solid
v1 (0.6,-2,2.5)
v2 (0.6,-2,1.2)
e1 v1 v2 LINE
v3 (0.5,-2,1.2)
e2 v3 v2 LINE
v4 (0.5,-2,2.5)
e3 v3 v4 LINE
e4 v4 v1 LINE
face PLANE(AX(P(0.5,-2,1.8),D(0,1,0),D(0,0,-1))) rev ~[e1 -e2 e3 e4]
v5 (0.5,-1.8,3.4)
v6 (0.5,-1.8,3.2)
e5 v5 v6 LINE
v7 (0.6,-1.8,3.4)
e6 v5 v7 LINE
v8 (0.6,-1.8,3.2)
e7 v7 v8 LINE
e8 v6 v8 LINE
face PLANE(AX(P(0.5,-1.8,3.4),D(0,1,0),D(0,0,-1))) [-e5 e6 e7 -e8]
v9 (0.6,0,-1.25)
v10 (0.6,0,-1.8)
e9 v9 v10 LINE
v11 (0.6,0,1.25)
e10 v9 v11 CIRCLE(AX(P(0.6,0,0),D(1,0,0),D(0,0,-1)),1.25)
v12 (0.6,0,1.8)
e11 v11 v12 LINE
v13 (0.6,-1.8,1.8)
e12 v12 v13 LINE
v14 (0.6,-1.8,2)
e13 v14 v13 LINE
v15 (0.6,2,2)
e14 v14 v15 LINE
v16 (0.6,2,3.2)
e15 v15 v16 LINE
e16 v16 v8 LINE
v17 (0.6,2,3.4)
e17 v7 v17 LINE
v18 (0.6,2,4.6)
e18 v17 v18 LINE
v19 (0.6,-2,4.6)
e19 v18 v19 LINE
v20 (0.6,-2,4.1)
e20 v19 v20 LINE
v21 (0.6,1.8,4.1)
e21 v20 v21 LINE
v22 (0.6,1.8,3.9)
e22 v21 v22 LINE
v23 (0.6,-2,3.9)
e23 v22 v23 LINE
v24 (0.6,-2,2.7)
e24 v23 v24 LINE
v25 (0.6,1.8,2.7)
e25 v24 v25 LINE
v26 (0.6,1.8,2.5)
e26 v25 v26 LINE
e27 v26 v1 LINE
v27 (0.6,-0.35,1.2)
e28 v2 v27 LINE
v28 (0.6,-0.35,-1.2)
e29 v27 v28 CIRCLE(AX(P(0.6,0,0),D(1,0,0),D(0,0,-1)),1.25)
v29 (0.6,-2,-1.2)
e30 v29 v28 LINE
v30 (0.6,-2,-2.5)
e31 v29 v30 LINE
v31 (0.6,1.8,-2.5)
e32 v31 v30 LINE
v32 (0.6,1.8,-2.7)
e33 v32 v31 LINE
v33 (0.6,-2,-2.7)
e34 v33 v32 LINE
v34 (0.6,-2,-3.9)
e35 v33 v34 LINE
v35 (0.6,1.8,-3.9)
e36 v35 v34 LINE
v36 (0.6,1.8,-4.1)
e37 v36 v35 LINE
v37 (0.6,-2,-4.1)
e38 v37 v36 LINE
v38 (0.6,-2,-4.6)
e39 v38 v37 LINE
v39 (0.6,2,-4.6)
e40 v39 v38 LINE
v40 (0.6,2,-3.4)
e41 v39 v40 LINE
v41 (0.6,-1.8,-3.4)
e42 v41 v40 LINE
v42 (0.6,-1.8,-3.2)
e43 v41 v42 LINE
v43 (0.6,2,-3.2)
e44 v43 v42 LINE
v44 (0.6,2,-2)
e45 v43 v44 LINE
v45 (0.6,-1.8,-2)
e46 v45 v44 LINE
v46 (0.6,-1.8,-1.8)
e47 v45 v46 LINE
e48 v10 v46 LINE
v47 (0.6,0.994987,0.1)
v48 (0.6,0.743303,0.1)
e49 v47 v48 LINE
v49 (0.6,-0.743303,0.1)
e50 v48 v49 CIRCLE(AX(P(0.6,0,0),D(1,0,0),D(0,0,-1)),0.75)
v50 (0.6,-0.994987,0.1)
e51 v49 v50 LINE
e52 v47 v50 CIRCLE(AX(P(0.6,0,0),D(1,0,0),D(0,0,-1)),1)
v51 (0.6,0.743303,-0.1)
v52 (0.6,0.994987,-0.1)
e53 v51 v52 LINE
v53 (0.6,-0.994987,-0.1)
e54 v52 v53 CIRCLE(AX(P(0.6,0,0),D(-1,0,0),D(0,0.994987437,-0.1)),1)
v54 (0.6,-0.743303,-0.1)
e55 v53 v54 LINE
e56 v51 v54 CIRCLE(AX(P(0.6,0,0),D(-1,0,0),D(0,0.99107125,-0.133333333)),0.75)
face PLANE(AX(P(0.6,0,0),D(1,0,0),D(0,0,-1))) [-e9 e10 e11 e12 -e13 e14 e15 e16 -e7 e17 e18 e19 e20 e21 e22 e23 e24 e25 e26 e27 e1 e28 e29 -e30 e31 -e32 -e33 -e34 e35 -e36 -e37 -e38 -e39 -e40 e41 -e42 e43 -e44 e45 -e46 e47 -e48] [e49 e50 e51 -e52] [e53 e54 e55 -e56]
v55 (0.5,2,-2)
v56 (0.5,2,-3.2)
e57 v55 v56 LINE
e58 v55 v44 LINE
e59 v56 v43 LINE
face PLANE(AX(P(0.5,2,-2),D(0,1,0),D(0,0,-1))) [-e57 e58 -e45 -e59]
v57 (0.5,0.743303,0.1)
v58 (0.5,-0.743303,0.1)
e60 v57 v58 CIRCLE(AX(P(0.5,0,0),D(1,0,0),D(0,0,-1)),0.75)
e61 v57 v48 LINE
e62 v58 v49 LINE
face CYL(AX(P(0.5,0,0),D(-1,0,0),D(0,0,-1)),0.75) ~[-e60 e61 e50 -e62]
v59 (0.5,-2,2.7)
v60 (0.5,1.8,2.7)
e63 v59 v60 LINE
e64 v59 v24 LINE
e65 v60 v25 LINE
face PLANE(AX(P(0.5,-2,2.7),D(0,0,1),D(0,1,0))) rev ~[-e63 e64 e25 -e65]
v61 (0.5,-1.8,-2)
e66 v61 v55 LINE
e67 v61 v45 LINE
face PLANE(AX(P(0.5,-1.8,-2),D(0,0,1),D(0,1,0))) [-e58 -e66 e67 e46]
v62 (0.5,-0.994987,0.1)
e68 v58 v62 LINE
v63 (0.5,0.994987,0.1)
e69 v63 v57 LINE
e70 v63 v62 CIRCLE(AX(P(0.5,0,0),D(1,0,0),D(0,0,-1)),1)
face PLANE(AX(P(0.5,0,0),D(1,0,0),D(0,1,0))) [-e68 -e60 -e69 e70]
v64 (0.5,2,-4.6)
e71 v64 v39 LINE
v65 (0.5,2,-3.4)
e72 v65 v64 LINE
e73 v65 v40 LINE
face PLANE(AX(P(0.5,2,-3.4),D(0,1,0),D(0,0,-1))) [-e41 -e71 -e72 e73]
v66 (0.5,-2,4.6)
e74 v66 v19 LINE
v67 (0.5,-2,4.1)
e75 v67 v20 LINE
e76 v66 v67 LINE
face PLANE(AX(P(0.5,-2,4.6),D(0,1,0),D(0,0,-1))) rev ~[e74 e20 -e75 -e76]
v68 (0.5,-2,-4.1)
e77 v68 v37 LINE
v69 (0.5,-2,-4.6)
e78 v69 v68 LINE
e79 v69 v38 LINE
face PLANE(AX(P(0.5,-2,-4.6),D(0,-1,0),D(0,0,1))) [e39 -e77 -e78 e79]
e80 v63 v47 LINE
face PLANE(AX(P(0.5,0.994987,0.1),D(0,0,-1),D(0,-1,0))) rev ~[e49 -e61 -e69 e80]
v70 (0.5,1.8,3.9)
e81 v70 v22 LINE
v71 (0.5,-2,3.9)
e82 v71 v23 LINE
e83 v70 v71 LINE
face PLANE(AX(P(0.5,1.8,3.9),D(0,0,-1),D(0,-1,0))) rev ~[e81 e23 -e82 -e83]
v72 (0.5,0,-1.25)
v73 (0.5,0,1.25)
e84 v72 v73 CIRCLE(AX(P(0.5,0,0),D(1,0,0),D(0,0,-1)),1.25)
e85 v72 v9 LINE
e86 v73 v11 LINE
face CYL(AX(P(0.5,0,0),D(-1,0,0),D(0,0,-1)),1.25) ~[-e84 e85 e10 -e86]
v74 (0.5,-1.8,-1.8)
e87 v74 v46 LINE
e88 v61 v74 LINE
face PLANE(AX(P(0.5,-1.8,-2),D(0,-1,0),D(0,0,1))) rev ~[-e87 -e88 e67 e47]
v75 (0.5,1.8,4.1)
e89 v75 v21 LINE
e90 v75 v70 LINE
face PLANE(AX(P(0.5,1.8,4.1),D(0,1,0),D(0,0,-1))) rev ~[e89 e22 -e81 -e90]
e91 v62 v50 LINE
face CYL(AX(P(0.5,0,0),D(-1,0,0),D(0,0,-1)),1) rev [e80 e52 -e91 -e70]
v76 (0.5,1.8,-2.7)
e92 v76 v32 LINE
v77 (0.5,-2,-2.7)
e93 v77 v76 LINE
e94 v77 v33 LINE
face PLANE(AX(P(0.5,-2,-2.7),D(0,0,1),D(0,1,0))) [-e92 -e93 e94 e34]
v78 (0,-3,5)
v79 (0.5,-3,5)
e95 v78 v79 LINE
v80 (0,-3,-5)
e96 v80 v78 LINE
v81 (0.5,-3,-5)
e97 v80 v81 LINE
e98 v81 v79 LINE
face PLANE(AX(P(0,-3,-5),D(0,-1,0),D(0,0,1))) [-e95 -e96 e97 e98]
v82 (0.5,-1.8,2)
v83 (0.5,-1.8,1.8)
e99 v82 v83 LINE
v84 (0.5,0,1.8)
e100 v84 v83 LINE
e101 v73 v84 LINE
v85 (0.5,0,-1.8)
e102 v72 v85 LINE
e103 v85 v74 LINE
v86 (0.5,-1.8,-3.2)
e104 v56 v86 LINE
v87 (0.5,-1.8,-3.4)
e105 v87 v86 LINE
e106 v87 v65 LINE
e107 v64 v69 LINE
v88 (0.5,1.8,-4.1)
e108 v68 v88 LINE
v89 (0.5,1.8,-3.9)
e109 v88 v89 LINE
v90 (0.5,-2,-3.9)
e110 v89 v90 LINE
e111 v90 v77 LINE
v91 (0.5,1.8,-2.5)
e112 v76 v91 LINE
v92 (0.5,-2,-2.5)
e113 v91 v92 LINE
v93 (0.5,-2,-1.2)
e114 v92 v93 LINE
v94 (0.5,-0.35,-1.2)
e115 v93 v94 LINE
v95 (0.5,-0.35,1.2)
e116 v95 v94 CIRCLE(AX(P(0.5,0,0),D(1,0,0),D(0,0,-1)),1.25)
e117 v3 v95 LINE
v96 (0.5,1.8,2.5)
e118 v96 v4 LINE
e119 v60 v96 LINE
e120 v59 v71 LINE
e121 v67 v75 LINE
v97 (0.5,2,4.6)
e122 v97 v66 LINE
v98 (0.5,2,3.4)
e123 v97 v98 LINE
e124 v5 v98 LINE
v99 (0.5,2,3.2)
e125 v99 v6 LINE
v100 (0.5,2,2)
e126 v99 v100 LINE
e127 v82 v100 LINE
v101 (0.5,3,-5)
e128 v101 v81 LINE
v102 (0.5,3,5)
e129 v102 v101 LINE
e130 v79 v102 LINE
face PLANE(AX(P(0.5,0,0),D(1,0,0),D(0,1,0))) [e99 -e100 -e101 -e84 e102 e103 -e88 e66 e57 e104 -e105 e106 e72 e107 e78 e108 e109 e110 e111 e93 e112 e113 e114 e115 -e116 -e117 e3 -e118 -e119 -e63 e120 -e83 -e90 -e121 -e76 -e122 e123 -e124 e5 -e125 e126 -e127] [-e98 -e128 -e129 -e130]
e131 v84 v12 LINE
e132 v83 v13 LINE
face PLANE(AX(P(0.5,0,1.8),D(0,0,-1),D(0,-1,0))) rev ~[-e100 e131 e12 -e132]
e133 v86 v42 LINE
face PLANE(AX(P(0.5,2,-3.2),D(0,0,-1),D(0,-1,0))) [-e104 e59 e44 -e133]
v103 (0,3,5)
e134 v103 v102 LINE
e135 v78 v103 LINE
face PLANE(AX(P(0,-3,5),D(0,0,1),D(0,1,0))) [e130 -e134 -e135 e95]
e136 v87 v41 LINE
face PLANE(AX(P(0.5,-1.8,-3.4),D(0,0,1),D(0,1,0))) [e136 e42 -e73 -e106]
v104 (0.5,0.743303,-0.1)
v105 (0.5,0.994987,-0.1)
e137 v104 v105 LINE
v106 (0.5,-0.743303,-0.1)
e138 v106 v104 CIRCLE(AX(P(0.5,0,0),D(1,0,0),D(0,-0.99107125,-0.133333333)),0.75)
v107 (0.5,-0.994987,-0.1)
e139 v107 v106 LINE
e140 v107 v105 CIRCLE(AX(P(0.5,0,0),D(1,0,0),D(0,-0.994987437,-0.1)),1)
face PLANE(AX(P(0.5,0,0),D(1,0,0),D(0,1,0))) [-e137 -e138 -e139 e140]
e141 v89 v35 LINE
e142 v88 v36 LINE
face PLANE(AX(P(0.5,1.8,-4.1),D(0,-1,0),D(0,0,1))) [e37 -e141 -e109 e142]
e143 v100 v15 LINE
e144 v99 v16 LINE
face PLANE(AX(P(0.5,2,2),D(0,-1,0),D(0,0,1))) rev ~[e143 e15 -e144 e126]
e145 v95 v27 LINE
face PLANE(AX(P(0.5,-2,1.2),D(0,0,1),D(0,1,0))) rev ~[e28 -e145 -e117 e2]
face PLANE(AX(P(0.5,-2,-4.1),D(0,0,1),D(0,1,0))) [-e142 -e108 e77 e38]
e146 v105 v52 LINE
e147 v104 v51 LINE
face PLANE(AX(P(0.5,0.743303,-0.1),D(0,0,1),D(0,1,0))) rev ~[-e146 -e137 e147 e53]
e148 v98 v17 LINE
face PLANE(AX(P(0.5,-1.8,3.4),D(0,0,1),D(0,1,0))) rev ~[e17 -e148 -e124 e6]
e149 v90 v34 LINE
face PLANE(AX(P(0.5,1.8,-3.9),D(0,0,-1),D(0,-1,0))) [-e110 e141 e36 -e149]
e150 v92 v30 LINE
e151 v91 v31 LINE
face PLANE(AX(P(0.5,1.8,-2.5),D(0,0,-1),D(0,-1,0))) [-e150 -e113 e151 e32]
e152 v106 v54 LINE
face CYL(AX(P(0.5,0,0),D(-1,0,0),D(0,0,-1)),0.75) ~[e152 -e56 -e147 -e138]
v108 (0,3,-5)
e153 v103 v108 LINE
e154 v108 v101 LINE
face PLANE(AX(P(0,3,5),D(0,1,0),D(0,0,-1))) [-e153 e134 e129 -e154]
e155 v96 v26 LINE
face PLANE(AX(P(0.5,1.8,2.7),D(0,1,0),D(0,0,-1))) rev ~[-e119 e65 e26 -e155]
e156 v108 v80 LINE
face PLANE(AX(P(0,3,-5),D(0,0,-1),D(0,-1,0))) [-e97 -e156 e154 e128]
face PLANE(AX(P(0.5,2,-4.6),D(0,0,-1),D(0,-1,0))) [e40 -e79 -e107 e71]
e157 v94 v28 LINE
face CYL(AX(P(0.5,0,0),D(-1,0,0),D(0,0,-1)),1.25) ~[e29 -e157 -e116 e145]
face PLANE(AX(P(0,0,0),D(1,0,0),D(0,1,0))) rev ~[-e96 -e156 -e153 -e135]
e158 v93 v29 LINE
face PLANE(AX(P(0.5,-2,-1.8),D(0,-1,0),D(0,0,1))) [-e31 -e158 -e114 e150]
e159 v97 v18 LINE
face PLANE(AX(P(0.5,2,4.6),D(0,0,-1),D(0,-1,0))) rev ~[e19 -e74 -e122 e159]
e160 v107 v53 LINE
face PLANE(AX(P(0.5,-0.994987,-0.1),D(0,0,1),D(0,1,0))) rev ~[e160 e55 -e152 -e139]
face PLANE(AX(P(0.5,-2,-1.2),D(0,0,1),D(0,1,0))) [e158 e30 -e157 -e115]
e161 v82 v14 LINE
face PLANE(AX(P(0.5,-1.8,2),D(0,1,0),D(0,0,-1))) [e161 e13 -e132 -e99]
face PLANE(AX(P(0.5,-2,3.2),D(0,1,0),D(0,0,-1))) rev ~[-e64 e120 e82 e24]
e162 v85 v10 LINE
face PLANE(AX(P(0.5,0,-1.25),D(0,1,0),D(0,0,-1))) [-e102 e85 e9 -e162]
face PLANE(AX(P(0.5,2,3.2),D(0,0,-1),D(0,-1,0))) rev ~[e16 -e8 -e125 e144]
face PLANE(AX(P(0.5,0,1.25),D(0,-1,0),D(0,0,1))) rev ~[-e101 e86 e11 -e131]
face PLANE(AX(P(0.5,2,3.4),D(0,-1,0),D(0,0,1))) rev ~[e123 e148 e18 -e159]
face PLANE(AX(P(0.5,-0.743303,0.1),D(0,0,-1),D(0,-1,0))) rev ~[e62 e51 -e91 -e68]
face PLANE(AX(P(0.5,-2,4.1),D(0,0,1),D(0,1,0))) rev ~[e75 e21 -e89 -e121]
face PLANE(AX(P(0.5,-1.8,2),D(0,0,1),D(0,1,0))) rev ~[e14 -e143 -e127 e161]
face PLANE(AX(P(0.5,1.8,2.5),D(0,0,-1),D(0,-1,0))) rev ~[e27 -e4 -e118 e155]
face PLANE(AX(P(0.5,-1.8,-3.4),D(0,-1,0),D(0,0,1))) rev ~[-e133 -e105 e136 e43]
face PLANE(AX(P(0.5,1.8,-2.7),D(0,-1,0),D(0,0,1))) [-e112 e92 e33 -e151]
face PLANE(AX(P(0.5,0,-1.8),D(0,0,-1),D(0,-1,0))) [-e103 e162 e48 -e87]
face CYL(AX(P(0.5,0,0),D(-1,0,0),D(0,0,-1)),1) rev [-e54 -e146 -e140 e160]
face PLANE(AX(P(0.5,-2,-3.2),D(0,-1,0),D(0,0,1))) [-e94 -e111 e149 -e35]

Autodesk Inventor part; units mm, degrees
ref_plane "YZ Plane" through (0, 0, 0) normal (1, 0, 0) x (0, 1, 0)
ref_plane "XZ Plane" through (0, 0, 0) normal (0, 1, 0) x (-1, 0, 0)
ref_plane "XY Plane" through (0, 0, 0) normal (0, 0, 1) x (1, 0, 0)
sketch "Sketch1" plane through (0, 0, 0) normal (1, 0, 0) x (0, 1, 0)
  line L0 (-3, 5) -> (3, 5)
  line L1 (3, 5) -> (3, -5)
  line L2 (3, -5) -> (-3, -5)
  line L3 (-3, -5) -> (-3, 5)
  point P0 (0, 0)
  dimension "d0" = 6
  dimension "d1" = 10
  dimension "d2" = 3
  dimension "d3" = 5
extrude "Extrusion1" add sketch "Sketch1" along normal blind 0.5
sketch "Sketch2" plane through (0.5, 0, 0) normal (1, 0, 0) x (0, 0, -1)
  circle A0 centre (0, 0) radius 0.75
  circle A1 centre (0, 0) radius 1
  circle A2 centre (0, 0) radius 1.25
  line L0 (-2.5, -2) -> (-2, -2)
  line L1 (-2, -2) -> (-2, 2)
  line L2 (-2, 2) -> (-2.5, 2)
  line L3 (-2.5, 2) -> (-2.5, -2)
  line L4 (-5, -3) -> (5, -3) projected
  line L5 (-3.2, -2) -> (-2.7, -2)
  line L6 (-2.7, -2) -> (-2.7, 2)
  line L7 (-2.7, 2) -> (-3.2, 2)
  line L8 (-3.2, 2) -> (-3.2, -2)
  line L9 (-3.9, -2) -> (-3.4, -2)
  line L10 (-3.4, -2) -> (-3.4, 2)
  line L11 (-3.4, 2) -> (-3.9, 2)
  line L12 (-3.9, 2) -> (-3.9, -2)
  line L13 (-4.6, -2) -> (-4.1, -2)
  line L14 (-4.1, -2) -> (-4.1, 2)
  line L15 (-4.1, 2) -> (-4.6, 2)
  line L16 (-4.6, 2) -> (-4.6, -2)
  line L17 (-0.1, -1.1173) -> (0.1, -1.1173)
  line L18 (0.1, -1.1173) -> (0.1, 1.1584)
  line L19 (0.1, 1.1584) -> (-0.1, 1.1584)
  line L20 (-0.1, 1.1584) -> (-0.1, -1.1173)
  line L21 (-1.8, -2) -> (-1.2, -2)
  line L22 (-1.2, -2) -> (-1.2, 0)
  line L23 (-1.2, 0) -> (-1.8, 0)
  line L24 (-1.8, 0) -> (-1.8, -2)
  line L25 (-1.8, -2) -> (-2, -2)
  line L26 (-2, -2) -> (-2, -1.8)
  line L27 (-2, -1.8) -> (-1.8, -1.8)
  line L28 (-1.8, -1.8) -> (-1.8, -2)
  line L29 (-2.5, 2) -> (-2.7, 2)
  line L30 (-2.7, 2) -> (-2.7, 1.8)
  line L31 (-2.7, 1.8) -> (-2.5, 1.8)
  line L32 (-2.5, 1.8) -> (-2.5, 2)
  line L33 (-3.2, -2) -> (-3.4, -2)
  line L34 (-3.4, -2) -> (-3.4, -1.8)
  line L35 (-3.4, -1.8) -> (-3.2, -1.8)
  line L36 (-3.2, -1.8) -> (-3.2, -2)
  line L37 (-3.9, 2) -> (-4.1, 2)
  line L38 (-4.1, 2) -> (-4.1, 1.8)
  line L39 (-4.1, 1.8) -> (-3.9, 1.8)
  line L40 (-3.9, 1.8) -> (-3.9, 2)
  line L41 (0, -3) -> (0, -2)
  circle A3 centre (0, 0) radius 0.75
  circle A4 centre (0, 0) radius 1
  circle A5 centre (0, 0) radius 1.25
  line L42 (2.5, -2) -> (2, -2)
  line L43 (2, -2) -> (2, 2)
  line L44 (2, 2) -> (2.5, 2)
  line L45 (2.5, 2) -> (2.5, -2)
  line L46 (3.2, -2) -> (2.7, -2)
  line L47 (2.7, -2) -> (2.7, 2)
  line L48 (2.7, 2) -> (3.2, 2)
  line L49 (3.2, 2) -> (3.2, -2)
  line L50 (3.9, -2) -> (3.4, -2)
  line L51 (3.4, -2) -> (3.4, 2)
  line L52 (3.4, 2) -> (3.9, 2)
  line L53 (3.9, 2) -> (3.9, -2)
  line L54 (4.6, -2) -> (4.1, -2)
  line L55 (4.1, -2) -> (4.1, 2)
  line L56 (4.1, 2) -> (4.6, 2)
  line L57 (4.6, 2) -> (4.6, -2)
  line L58 (0.1, -1.1173) -> (-0.1, -1.1173)
  line L59 (-0.1, -1.1173) -> (-0.1, 1.1584)
  line L60 (-0.1, 1.1584) -> (0.1, 1.1584)
  line L61 (0.1, 1.1584) -> (0.1, -1.1173)
  line L62 (1.8, -2) -> (1.2, -2)
  line L63 (1.2, -2) -> (1.2, 0)
  line L64 (1.2, 0) -> (1.8, 0)
  line L65 (1.8, 0) -> (1.8, -2)
  line L66 (1.8, -2) -> (2, -2)
  line L67 (2, -2) -> (2, -1.8)
  line L68 (2, -1.8) -> (1.8, -1.8)
  line L69 (1.8, -1.8) -> (1.8, -2)
  line L70 (2.5, 2) -> (2.7, 2)
  line L71 (2.7, 2) -> (2.7, 1.8)
  line L72 (2.7, 1.8) -> (2.5, 1.8)
  line L73 (2.5, 1.8) -> (2.5, 2)
  line L74 (3.2, -2) -> (3.4, -2)
  line L75 (3.4, -2) -> (3.4, -1.8)
  line L76 (3.4, -1.8) -> (3.2, -1.8)
  line L77 (3.2, -1.8) -> (3.2, -2)
  line L78 (3.9, 2) -> (4.1, 2)
  line L79 (4.1, 2) -> (4.1, 1.8)
  line L80 (4.1, 1.8) -> (3.9, 1.8)
  line L81 (3.9, 1.8) -> (3.9, 2)
  dimension "d6" = 1.5
  dimension "d7" = 2
  dimension "d8" = 2.5
  dimension "d9" = 0.5
  dimension "d10" = 4
  dimension "d11" = 1
  dimension "d14" = 0.7
  dimension "d19" = 0.2
  dimension "d20" = 0.1
  dimension "d21" = 2
  dimension "d22" = 0.6
  dimension "d23" = 2
  dimension "d24" = 0.2
  dimension "d25" = 0.2
  dimension "d26" = 0.2
  dimension "d27" = 0.2
  dimension "d28" = 0.2
extrude "Extrusion2" add sketch "Sketch2" along normal blind 0.1 contours A0 L18 | L18 A0 L20 | A0 L20 A1 L18 | L18 A1 L20 A0 | L20 A0 | A1 L20 L19 L18 | L18 L17 L20 A1 | L64 L63 A2 L22 L23 | L64 L65 L62 L63 A2 | A2 L63 L64 | L23 L22 A2 | A2 L22 L21 L24 L23 | L68 L43 L66 L65 | L24 L25 L1 L27 | L43 L44 L45 L42 | L1 L0 L3 L2 | L70 L47 L72 L45 | L3 L31 L6 L29 | L48 L49 L46 L47 | L6 L5 L8 L7 | L76 L51 L74 L49 | L8 L33 L10 L35 | L51 L52 L53 L50 | L10 L9 L12 L11 | L78 L55 L80 L53 | L12 L39 L14 L37 | L56 L57 L54 L55 | L14 L13 L16 L15
properties part number "MEMS"
